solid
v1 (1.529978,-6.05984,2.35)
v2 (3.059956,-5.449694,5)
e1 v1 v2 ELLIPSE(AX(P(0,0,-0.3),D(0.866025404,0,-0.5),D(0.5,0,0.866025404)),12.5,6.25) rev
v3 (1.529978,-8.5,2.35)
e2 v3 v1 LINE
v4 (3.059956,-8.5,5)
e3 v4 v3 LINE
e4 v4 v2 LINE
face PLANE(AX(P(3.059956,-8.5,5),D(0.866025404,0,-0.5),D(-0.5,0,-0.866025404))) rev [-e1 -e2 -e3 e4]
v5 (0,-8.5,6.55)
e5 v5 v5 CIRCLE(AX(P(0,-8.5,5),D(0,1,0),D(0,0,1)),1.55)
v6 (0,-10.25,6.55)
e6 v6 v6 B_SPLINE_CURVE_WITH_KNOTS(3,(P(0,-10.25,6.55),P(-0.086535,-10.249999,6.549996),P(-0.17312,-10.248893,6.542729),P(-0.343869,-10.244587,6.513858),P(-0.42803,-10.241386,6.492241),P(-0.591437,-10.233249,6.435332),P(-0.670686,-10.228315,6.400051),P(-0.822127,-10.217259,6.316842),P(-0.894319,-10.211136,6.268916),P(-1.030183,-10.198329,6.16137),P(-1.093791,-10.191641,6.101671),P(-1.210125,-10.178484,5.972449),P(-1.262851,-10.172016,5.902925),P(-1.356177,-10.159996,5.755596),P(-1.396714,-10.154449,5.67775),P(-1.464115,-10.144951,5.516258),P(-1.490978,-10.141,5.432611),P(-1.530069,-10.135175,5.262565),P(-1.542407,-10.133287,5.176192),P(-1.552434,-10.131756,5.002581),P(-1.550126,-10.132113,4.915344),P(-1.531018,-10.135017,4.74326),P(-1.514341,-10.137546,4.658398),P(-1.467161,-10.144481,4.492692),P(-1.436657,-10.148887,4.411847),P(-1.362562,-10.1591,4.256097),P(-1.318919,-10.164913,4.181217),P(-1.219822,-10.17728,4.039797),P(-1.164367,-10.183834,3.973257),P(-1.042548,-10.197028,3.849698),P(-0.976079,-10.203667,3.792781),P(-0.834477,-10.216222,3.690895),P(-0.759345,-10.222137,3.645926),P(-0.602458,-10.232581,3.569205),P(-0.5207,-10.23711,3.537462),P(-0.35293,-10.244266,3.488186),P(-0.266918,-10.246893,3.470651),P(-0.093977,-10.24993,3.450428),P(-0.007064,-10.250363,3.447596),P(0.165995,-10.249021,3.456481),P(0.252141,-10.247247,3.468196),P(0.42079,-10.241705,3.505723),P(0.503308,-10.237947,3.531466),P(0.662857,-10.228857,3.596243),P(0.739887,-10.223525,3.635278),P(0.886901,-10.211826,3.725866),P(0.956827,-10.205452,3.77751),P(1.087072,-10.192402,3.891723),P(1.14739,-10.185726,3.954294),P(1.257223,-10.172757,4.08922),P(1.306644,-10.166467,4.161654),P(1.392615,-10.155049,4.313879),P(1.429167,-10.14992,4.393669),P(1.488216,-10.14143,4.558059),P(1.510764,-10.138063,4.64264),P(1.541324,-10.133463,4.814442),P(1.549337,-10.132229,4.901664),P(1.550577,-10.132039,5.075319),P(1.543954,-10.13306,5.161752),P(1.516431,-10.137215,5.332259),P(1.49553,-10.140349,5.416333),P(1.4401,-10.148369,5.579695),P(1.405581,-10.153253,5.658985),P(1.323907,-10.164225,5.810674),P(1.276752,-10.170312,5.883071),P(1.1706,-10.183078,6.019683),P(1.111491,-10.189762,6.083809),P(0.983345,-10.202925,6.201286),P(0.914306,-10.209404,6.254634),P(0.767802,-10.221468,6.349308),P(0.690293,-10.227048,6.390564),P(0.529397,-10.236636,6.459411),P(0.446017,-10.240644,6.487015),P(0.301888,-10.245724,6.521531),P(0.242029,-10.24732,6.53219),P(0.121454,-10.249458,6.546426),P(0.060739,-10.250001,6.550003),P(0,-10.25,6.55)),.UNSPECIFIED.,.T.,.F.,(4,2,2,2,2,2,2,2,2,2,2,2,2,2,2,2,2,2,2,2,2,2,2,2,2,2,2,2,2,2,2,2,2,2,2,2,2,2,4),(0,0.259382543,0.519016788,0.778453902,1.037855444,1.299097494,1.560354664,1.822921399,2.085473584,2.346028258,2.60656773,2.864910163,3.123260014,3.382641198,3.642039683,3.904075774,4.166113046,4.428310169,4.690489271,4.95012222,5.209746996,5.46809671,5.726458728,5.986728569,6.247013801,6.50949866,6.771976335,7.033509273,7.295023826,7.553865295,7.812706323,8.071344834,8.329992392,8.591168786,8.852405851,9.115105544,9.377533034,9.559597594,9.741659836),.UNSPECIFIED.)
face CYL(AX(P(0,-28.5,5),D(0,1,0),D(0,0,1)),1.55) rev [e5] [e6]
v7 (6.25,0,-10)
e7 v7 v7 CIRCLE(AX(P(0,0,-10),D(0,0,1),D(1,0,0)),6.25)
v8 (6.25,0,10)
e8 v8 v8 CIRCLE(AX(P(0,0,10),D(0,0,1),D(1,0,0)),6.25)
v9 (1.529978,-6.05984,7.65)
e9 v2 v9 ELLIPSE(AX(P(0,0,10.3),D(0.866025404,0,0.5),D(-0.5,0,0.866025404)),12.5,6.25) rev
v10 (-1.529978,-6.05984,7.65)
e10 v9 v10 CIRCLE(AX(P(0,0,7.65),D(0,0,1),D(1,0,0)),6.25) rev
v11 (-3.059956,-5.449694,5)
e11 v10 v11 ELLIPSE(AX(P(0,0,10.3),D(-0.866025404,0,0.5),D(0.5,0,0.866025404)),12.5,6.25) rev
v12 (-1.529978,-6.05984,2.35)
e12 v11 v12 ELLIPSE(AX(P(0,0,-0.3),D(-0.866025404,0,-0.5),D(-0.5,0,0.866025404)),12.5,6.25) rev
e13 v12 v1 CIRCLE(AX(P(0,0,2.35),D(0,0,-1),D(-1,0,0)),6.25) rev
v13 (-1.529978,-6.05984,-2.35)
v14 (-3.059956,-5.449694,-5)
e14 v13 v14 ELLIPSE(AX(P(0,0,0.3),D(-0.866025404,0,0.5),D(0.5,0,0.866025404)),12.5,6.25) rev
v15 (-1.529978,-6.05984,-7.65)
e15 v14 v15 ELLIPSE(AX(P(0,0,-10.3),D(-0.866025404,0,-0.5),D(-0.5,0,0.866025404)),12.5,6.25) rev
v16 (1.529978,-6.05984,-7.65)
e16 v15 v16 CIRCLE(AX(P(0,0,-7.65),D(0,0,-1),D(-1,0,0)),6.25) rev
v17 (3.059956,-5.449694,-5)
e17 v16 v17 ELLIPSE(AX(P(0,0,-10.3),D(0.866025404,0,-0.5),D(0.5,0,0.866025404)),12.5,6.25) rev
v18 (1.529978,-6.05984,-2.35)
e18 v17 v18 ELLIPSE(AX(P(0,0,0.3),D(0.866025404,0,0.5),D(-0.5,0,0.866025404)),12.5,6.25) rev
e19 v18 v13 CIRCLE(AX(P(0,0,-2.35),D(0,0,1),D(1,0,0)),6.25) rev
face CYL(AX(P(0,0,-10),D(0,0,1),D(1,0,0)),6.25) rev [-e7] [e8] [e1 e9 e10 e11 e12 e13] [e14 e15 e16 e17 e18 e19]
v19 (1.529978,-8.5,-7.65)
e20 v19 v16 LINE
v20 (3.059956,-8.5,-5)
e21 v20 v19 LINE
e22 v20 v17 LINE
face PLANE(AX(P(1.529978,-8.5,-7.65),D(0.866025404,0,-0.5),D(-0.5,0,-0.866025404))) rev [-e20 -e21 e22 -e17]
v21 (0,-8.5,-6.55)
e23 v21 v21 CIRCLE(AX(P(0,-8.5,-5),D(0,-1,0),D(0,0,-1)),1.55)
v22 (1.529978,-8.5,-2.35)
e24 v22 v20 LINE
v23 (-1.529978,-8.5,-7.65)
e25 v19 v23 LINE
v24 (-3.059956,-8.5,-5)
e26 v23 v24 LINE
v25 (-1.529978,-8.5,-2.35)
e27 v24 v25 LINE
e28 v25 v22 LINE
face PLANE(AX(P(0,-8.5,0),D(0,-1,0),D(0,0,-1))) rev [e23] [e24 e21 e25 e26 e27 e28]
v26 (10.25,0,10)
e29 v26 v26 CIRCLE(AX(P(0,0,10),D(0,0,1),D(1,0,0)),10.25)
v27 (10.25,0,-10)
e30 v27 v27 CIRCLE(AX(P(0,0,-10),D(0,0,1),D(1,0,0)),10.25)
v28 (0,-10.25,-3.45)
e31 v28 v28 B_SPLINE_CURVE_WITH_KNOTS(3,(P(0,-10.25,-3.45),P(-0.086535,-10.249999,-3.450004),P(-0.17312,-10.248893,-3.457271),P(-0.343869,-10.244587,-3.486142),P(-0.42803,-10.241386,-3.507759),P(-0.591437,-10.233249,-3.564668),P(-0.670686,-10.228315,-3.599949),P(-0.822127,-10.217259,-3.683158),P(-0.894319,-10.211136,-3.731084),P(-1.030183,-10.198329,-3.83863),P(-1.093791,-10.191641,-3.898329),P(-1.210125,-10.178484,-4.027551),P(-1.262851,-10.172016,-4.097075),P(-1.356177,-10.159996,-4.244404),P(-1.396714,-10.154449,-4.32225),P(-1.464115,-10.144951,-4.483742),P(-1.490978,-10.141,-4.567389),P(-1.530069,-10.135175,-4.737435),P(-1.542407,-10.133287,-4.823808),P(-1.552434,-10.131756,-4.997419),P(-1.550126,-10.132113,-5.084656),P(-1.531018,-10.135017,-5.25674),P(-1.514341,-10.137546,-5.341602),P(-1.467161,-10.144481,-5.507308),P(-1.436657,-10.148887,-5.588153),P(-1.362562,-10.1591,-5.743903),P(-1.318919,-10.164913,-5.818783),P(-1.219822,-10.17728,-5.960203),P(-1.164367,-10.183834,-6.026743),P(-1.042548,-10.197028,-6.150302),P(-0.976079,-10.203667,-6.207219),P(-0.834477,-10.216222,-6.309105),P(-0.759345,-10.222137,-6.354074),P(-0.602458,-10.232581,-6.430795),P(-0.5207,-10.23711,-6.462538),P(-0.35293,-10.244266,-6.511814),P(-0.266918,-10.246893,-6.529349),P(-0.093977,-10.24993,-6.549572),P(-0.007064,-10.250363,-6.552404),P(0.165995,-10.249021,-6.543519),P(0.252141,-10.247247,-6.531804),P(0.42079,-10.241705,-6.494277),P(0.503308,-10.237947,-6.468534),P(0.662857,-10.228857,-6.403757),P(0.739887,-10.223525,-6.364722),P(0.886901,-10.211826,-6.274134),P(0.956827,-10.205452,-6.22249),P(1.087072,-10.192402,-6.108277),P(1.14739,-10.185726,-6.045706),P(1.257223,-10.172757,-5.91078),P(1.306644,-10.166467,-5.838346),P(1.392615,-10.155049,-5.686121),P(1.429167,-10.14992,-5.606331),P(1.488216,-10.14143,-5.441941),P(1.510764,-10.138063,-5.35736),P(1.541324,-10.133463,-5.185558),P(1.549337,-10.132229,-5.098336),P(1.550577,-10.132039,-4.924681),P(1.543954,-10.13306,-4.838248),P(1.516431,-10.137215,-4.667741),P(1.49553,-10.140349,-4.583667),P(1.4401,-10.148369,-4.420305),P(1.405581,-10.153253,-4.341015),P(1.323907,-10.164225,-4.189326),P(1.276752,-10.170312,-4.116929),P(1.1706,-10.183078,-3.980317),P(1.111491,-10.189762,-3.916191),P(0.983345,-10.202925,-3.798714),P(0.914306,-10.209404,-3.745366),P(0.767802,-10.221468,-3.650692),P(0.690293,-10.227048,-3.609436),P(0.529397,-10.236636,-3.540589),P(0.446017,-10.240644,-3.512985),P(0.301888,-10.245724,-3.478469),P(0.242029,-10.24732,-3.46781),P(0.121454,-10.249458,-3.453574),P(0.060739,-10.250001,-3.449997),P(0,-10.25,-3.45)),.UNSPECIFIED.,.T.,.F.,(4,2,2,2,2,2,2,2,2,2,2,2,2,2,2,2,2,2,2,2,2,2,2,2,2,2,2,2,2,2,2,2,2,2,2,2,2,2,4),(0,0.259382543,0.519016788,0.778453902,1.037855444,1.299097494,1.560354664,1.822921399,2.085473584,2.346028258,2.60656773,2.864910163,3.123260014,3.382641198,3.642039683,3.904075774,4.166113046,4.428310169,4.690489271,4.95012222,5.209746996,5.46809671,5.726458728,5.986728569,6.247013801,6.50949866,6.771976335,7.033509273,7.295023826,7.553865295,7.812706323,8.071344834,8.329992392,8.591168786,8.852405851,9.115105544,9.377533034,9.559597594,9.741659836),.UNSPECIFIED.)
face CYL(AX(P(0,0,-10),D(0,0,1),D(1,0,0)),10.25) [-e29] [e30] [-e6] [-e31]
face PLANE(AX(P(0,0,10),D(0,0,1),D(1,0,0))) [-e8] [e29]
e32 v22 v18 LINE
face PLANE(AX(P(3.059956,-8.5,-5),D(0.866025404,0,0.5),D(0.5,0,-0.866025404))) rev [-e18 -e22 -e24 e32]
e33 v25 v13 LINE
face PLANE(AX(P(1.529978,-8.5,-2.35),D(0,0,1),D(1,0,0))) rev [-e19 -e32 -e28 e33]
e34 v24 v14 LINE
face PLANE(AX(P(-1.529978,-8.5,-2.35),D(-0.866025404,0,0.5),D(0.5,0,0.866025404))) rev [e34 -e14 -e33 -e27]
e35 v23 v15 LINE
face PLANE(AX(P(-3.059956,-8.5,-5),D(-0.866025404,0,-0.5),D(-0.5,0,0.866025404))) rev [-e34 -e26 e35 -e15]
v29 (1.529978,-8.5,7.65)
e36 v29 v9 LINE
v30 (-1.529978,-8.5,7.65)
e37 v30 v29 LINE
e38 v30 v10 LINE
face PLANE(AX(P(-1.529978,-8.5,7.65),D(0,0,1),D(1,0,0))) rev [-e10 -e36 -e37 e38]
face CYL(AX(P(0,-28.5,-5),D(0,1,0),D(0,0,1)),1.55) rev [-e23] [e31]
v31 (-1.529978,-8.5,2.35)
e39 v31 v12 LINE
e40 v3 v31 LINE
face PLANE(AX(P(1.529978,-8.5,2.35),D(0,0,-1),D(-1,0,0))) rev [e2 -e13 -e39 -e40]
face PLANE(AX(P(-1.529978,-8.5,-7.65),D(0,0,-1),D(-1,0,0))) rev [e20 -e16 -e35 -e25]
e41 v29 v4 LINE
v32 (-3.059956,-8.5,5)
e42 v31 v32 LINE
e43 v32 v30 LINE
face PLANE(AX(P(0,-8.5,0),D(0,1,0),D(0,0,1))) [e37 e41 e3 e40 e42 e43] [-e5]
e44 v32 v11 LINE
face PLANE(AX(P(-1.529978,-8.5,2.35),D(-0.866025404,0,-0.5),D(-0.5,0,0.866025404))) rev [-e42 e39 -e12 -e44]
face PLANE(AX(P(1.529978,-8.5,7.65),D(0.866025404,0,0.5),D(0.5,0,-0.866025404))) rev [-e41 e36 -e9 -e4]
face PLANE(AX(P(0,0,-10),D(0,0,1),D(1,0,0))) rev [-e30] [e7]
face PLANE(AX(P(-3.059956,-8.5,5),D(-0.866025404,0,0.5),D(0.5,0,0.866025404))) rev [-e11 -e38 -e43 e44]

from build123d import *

# Parameters (mm, degrees)
SALIENTE_EXTRUIR1_DEPTH      = 10
SALIENTE_EXTRUIR1_DEPTH_BACK = 10
CROQUIS1_R                   = 10.25
CROQUIS1_R_2                 = 6.25
CROQUIS2_R                   = 1.55
CORTAR_EXTRUIR1_DEPTH        = 8.5
CROQUIS3_R                   = 1.55
CORTAR_EXTRUIR2_DEPTH        = 28.5


with BuildPart() as part:
    # Croquis1 → Saliente-Extruir1 (new, two sides: drawn at the far end of the back side and taken through both)
    with BuildSketch(Plane.XY.offset(-SALIENTE_EXTRUIR1_DEPTH_BACK)):
        Circle(CROQUIS1_R)
        Circle(CROQUIS1_R_2, mode=Mode.SUBTRACT)
    extrude(amount=SALIENTE_EXTRUIR1_DEPTH + SALIENTE_EXTRUIR1_DEPTH_BACK)

    # Croquis2 → Cortar-Extruir1 (cut)
    # profile 1 of 2: a face of its own
    with BuildSketch(Plane(origin=(0, 0, 0), x_dir=(1, 0, 0), z_dir=(0, 1, 0))):
        Polygon((1.529978213, -2.35), (-1.529978213, -2.35), (-3.059956427, -5), (-1.529978213, -7.65), (1.529978213, -7.65), (3.059956427, -5), align=None)
        with Locations((0, -5)):
            Circle(CROQUIS2_R, mode=Mode.SUBTRACT)
    # profile 2 of 2: a face of its own
    with BuildSketch(Plane(origin=(0, 0, 0), x_dir=(1, 0, 0), z_dir=(0, 1, 0))):
        Polygon((3.059956427, 5), (1.529978213, 2.35), (-1.529978213, 2.35), (-3.059956427, 5), (-1.529978213, 7.65), (1.529978213, 7.65), align=None)
        with Locations((0, 5)):
            Circle(CROQUIS2_R, mode=Mode.SUBTRACT)
    extrude(amount=-CORTAR_EXTRUIR1_DEPTH, mode=Mode.SUBTRACT)

    # Croquis3 → Cortar-Extruir2 (cut)
    with BuildSketch(Plane(origin=(0, 0, 0), x_dir=(1, 0, 0), z_dir=(0, 1, 0))):
        with Locations((0, 5)):
            Circle(CROQUIS3_R)
        with Locations((0, -5)):
            Circle(CROQUIS3_R)
    extrude(amount=-CORTAR_EXTRUIR2_DEPTH, mode=Mode.SUBTRACT)


solid = part.part
